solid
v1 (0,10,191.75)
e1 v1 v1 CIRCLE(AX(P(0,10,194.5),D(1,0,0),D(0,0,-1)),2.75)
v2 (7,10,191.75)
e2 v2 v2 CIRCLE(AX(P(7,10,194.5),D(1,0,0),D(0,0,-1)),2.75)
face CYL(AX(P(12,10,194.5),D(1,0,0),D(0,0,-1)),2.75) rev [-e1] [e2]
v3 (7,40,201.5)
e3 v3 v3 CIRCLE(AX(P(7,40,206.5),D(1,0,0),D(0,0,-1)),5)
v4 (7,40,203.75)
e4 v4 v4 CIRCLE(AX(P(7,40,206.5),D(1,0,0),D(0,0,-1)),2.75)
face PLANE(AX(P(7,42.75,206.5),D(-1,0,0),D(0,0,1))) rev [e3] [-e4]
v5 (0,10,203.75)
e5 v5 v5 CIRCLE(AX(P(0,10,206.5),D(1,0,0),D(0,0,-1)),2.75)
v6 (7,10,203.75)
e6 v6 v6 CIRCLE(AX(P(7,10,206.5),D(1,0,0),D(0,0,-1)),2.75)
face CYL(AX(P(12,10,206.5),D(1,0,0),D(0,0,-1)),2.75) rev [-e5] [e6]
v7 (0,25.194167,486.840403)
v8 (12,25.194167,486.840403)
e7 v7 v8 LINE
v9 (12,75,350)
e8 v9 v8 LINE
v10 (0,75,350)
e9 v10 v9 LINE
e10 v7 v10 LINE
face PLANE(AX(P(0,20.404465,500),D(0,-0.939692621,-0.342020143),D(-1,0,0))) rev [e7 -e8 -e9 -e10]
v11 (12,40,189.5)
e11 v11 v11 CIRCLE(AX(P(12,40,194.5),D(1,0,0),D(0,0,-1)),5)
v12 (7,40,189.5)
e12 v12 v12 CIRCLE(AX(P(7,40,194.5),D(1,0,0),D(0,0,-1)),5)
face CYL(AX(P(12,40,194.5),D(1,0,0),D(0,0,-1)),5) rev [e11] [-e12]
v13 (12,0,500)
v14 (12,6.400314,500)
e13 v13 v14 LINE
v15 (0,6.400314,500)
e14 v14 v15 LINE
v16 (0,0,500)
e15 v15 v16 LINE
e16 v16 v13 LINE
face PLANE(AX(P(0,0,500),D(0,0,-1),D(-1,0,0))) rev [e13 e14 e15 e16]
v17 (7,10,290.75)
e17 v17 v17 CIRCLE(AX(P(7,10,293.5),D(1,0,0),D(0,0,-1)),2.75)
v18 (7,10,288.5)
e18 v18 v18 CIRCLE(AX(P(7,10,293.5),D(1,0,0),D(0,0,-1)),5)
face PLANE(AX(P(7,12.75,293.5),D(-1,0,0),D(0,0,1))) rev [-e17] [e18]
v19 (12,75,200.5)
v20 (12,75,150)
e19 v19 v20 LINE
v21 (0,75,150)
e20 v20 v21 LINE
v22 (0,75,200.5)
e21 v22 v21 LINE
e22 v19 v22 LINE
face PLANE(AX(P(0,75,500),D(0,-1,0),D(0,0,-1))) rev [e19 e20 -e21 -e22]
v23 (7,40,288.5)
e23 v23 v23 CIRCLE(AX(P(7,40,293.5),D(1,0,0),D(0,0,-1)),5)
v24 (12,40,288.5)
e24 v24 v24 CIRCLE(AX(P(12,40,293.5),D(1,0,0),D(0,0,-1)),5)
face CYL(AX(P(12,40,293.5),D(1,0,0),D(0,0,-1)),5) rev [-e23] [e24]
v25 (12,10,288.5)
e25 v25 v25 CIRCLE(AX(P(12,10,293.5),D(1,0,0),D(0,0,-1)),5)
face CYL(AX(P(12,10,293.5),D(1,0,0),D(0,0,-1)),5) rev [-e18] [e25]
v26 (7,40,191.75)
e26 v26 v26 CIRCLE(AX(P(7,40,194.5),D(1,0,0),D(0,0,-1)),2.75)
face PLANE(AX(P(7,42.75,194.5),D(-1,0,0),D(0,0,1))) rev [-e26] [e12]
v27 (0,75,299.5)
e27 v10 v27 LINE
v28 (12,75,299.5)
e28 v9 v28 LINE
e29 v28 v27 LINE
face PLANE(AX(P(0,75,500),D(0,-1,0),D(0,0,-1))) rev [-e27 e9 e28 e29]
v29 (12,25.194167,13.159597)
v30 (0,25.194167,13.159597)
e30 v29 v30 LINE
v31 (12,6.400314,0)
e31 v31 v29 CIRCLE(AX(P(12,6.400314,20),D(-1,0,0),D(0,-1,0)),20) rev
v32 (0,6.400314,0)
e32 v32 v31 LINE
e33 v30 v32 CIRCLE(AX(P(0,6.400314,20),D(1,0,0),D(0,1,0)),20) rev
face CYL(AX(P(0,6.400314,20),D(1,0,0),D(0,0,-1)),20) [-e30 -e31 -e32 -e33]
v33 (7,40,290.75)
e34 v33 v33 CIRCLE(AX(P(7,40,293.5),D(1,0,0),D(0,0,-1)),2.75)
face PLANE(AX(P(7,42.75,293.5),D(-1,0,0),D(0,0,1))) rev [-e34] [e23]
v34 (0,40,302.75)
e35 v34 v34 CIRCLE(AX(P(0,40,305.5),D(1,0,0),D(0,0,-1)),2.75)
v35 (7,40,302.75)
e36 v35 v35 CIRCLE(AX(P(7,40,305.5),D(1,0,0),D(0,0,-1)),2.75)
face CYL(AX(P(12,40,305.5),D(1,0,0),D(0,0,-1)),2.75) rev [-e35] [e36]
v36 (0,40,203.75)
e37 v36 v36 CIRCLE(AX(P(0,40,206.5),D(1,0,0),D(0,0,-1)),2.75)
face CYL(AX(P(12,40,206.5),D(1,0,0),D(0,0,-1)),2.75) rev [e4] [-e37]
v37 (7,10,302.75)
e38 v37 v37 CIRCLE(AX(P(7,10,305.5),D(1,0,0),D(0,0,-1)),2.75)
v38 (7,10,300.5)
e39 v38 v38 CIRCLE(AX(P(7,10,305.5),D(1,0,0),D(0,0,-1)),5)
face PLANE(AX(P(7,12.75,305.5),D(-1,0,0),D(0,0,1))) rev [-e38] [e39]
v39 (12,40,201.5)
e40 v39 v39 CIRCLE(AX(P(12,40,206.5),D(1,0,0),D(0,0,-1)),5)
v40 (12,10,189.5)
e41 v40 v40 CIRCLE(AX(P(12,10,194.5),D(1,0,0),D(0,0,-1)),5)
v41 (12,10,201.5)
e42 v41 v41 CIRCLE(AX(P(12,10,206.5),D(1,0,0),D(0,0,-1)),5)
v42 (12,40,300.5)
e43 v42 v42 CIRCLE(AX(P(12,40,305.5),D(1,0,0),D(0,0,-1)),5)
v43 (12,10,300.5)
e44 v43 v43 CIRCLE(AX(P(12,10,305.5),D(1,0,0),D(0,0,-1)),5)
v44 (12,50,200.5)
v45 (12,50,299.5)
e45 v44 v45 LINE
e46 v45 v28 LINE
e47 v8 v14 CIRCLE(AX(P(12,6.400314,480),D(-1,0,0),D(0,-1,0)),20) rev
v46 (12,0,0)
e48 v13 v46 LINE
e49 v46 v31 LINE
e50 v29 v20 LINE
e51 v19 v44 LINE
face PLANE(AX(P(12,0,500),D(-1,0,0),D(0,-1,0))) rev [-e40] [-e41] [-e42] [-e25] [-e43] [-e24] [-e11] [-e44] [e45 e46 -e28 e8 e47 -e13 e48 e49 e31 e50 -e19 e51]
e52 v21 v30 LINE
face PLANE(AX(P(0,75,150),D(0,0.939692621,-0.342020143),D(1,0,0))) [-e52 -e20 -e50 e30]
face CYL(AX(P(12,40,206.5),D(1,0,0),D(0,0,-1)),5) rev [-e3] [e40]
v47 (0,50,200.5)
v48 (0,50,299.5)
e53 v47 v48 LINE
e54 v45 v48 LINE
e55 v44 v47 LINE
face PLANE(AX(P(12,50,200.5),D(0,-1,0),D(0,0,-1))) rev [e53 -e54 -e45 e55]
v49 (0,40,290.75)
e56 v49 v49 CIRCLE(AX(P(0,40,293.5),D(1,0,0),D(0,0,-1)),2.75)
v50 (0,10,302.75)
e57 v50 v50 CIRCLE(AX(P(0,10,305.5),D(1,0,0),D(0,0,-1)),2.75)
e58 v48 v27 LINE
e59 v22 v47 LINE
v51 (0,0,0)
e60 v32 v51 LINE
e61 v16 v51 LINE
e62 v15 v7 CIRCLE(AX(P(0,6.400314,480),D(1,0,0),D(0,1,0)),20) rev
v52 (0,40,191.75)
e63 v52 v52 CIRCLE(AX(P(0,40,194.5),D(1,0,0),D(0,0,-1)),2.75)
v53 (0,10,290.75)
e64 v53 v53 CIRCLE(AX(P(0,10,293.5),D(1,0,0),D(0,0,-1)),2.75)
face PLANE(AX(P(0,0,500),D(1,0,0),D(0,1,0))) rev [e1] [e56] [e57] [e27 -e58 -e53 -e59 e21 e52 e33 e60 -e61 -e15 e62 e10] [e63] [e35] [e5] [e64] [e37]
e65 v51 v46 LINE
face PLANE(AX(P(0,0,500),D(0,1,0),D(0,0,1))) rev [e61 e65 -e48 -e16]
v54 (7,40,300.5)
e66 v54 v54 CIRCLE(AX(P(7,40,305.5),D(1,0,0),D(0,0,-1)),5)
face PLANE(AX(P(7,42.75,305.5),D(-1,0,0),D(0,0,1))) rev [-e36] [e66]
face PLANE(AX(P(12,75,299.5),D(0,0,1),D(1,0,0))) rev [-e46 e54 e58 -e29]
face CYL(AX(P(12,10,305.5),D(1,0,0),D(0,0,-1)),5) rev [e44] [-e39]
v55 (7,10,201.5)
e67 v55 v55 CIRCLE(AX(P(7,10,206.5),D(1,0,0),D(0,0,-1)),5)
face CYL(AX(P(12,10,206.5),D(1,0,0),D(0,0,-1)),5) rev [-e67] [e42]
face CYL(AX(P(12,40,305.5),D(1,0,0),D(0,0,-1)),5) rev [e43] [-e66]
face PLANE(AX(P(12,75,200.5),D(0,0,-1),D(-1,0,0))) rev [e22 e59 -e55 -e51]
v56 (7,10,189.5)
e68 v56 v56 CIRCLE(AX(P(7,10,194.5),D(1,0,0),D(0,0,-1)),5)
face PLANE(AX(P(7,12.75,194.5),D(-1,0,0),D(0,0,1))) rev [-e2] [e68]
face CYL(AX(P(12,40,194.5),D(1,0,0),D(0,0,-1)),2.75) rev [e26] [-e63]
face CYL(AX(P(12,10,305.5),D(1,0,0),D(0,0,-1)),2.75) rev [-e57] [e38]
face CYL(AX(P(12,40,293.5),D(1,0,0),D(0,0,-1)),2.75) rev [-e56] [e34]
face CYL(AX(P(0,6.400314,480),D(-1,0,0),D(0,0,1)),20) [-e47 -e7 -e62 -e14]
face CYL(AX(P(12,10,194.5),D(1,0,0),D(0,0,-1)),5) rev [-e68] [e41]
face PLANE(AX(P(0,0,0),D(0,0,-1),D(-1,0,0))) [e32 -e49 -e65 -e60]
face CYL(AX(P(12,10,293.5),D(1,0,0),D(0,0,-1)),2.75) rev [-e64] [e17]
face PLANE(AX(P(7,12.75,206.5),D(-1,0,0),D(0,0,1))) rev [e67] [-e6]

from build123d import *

# Parameters (mm, degrees)
SKETCH1_W                               = 12
SKETCH1_H                               = 75
BASE_DEPTH                              = 500
SKETCH2_W                               = 99
SKETCH2_H                               = 25
LAP_JOINT_CUTOUT_DEPTH                  = 506.736097189
LAP_JOINT_BOLT_HOLE_PATTERN_D           = 5.5
LAP_JOINT_BOLT_HOLE_PATTERN_CBORE_D     = 10
LAP_JOINT_BOLT_HOLE_PATTERN_CBORE_DEPTH = 5
CHAMFER_FRONT_SIZE                      = 150
CHAMFER_FRONT_SIZE2                     = 54.59553514
CHAMFER_REAR_SIZE                       = 150
CHAMFER_REAR_SIZE2                      = 54.59553514
BREAK_CHAMFER_CORNERS_R                 = 20
CROSS_TIE_BOLT_HOLE_PATTERN_D           = 5.5
CROSS_TIE_BOLT_HOLE_PATTERN_CBORE_D     = 10
CROSS_TIE_BOLT_HOLE_PATTERN_CBORE_DEPTH = 5


with BuildPart() as part:
    # Sketch1 → base (new body)
    with BuildSketch(Plane.XY):
        with Locations((6, 37.5)):
            Rectangle(SKETCH1_W, SKETCH1_H)
    extrude(amount=BASE_DEPTH)

    # Sketch2 → lap joint cutout (cut, through all)
    with BuildSketch(Plane.ZY):
        with Locations((250, 62.5)):
            Rectangle(SKETCH2_W, SKETCH2_H)
    extrude(amount=-LAP_JOINT_CUTOUT_DEPTH, mode=Mode.SUBTRACT)

    # lap joint bolt hole pattern (through all)
    with Locations(Plane(origin=(12, 0, 0), x_dir=(0, 0, -1), z_dir=(1, 0, 0))):
        with Locations((-293.5, 40), (-206.5, 10), (-293.5, 10), (-206.5, 40)):
            CounterBoreHole(LAP_JOINT_BOLT_HOLE_PATTERN_D / 2, LAP_JOINT_BOLT_HOLE_PATTERN_CBORE_D / 2, LAP_JOINT_BOLT_HOLE_PATTERN_CBORE_DEPTH)

    # chamfer front
    chamfer_front_edges = [part.edges().sort_by_distance(p)[0] for p in [
        (6, 75, 0),
    ]]
    chamfer_front_side = [part.faces().sort_by_distance(p)[0] for p in [
        (6, 75, 100.25),
    ]]
    chamfer(chamfer_front_edges, length=CHAMFER_FRONT_SIZE, length2=CHAMFER_FRONT_SIZE2, reference=chamfer_front_side[0])

    # chamfer rear
    chamfer_rear_edges = [part.edges().sort_by_distance(p)[0] for p in [
        (6, 75, 500),
    ]]
    chamfer_rear_side = [part.faces().sort_by_distance(p)[0] for p in [
        (6, 75, 399.75),
    ]]
    chamfer(chamfer_rear_edges, length=CHAMFER_REAR_SIZE, length2=CHAMFER_REAR_SIZE2, reference=chamfer_rear_side[0])

    # break chamfer corners
    break_chamfer_corners_edges = [part.edges().sort_by_distance(p)[0] for p in [
        (6, 20.40446486, 0),
        (6, 20.40446486, 500),
    ]]
    fillet(break_chamfer_corners_edges, radius=BREAK_CHAMFER_CORNERS_R)

    # cross tie bolt hole pattern (through all)
    with Locations(Plane(origin=(12, 0, 0), x_dir=(0, 0, -1), z_dir=(1, 0, 0))):
        with Locations((-305.5, 40), (-305.5, 10)):
            cross_tie_bolt_hole_pattern = CounterBoreHole(CROSS_TIE_BOLT_HOLE_PATTERN_D / 2, CROSS_TIE_BOLT_HOLE_PATTERN_CBORE_D / 2, CROSS_TIE_BOLT_HOLE_PATTERN_CBORE_DEPTH)

    # mirror cross tie bolt hole pattern: cross tie bolt hole pattern across plane
    add(cross_tie_bolt_hole_pattern.mirror(Plane(origin=(0, 0, 250), x_dir=(1, 0, 0), z_dir=(0, 0, -1))), mode=Mode.SUBTRACT)


solid = part.part
